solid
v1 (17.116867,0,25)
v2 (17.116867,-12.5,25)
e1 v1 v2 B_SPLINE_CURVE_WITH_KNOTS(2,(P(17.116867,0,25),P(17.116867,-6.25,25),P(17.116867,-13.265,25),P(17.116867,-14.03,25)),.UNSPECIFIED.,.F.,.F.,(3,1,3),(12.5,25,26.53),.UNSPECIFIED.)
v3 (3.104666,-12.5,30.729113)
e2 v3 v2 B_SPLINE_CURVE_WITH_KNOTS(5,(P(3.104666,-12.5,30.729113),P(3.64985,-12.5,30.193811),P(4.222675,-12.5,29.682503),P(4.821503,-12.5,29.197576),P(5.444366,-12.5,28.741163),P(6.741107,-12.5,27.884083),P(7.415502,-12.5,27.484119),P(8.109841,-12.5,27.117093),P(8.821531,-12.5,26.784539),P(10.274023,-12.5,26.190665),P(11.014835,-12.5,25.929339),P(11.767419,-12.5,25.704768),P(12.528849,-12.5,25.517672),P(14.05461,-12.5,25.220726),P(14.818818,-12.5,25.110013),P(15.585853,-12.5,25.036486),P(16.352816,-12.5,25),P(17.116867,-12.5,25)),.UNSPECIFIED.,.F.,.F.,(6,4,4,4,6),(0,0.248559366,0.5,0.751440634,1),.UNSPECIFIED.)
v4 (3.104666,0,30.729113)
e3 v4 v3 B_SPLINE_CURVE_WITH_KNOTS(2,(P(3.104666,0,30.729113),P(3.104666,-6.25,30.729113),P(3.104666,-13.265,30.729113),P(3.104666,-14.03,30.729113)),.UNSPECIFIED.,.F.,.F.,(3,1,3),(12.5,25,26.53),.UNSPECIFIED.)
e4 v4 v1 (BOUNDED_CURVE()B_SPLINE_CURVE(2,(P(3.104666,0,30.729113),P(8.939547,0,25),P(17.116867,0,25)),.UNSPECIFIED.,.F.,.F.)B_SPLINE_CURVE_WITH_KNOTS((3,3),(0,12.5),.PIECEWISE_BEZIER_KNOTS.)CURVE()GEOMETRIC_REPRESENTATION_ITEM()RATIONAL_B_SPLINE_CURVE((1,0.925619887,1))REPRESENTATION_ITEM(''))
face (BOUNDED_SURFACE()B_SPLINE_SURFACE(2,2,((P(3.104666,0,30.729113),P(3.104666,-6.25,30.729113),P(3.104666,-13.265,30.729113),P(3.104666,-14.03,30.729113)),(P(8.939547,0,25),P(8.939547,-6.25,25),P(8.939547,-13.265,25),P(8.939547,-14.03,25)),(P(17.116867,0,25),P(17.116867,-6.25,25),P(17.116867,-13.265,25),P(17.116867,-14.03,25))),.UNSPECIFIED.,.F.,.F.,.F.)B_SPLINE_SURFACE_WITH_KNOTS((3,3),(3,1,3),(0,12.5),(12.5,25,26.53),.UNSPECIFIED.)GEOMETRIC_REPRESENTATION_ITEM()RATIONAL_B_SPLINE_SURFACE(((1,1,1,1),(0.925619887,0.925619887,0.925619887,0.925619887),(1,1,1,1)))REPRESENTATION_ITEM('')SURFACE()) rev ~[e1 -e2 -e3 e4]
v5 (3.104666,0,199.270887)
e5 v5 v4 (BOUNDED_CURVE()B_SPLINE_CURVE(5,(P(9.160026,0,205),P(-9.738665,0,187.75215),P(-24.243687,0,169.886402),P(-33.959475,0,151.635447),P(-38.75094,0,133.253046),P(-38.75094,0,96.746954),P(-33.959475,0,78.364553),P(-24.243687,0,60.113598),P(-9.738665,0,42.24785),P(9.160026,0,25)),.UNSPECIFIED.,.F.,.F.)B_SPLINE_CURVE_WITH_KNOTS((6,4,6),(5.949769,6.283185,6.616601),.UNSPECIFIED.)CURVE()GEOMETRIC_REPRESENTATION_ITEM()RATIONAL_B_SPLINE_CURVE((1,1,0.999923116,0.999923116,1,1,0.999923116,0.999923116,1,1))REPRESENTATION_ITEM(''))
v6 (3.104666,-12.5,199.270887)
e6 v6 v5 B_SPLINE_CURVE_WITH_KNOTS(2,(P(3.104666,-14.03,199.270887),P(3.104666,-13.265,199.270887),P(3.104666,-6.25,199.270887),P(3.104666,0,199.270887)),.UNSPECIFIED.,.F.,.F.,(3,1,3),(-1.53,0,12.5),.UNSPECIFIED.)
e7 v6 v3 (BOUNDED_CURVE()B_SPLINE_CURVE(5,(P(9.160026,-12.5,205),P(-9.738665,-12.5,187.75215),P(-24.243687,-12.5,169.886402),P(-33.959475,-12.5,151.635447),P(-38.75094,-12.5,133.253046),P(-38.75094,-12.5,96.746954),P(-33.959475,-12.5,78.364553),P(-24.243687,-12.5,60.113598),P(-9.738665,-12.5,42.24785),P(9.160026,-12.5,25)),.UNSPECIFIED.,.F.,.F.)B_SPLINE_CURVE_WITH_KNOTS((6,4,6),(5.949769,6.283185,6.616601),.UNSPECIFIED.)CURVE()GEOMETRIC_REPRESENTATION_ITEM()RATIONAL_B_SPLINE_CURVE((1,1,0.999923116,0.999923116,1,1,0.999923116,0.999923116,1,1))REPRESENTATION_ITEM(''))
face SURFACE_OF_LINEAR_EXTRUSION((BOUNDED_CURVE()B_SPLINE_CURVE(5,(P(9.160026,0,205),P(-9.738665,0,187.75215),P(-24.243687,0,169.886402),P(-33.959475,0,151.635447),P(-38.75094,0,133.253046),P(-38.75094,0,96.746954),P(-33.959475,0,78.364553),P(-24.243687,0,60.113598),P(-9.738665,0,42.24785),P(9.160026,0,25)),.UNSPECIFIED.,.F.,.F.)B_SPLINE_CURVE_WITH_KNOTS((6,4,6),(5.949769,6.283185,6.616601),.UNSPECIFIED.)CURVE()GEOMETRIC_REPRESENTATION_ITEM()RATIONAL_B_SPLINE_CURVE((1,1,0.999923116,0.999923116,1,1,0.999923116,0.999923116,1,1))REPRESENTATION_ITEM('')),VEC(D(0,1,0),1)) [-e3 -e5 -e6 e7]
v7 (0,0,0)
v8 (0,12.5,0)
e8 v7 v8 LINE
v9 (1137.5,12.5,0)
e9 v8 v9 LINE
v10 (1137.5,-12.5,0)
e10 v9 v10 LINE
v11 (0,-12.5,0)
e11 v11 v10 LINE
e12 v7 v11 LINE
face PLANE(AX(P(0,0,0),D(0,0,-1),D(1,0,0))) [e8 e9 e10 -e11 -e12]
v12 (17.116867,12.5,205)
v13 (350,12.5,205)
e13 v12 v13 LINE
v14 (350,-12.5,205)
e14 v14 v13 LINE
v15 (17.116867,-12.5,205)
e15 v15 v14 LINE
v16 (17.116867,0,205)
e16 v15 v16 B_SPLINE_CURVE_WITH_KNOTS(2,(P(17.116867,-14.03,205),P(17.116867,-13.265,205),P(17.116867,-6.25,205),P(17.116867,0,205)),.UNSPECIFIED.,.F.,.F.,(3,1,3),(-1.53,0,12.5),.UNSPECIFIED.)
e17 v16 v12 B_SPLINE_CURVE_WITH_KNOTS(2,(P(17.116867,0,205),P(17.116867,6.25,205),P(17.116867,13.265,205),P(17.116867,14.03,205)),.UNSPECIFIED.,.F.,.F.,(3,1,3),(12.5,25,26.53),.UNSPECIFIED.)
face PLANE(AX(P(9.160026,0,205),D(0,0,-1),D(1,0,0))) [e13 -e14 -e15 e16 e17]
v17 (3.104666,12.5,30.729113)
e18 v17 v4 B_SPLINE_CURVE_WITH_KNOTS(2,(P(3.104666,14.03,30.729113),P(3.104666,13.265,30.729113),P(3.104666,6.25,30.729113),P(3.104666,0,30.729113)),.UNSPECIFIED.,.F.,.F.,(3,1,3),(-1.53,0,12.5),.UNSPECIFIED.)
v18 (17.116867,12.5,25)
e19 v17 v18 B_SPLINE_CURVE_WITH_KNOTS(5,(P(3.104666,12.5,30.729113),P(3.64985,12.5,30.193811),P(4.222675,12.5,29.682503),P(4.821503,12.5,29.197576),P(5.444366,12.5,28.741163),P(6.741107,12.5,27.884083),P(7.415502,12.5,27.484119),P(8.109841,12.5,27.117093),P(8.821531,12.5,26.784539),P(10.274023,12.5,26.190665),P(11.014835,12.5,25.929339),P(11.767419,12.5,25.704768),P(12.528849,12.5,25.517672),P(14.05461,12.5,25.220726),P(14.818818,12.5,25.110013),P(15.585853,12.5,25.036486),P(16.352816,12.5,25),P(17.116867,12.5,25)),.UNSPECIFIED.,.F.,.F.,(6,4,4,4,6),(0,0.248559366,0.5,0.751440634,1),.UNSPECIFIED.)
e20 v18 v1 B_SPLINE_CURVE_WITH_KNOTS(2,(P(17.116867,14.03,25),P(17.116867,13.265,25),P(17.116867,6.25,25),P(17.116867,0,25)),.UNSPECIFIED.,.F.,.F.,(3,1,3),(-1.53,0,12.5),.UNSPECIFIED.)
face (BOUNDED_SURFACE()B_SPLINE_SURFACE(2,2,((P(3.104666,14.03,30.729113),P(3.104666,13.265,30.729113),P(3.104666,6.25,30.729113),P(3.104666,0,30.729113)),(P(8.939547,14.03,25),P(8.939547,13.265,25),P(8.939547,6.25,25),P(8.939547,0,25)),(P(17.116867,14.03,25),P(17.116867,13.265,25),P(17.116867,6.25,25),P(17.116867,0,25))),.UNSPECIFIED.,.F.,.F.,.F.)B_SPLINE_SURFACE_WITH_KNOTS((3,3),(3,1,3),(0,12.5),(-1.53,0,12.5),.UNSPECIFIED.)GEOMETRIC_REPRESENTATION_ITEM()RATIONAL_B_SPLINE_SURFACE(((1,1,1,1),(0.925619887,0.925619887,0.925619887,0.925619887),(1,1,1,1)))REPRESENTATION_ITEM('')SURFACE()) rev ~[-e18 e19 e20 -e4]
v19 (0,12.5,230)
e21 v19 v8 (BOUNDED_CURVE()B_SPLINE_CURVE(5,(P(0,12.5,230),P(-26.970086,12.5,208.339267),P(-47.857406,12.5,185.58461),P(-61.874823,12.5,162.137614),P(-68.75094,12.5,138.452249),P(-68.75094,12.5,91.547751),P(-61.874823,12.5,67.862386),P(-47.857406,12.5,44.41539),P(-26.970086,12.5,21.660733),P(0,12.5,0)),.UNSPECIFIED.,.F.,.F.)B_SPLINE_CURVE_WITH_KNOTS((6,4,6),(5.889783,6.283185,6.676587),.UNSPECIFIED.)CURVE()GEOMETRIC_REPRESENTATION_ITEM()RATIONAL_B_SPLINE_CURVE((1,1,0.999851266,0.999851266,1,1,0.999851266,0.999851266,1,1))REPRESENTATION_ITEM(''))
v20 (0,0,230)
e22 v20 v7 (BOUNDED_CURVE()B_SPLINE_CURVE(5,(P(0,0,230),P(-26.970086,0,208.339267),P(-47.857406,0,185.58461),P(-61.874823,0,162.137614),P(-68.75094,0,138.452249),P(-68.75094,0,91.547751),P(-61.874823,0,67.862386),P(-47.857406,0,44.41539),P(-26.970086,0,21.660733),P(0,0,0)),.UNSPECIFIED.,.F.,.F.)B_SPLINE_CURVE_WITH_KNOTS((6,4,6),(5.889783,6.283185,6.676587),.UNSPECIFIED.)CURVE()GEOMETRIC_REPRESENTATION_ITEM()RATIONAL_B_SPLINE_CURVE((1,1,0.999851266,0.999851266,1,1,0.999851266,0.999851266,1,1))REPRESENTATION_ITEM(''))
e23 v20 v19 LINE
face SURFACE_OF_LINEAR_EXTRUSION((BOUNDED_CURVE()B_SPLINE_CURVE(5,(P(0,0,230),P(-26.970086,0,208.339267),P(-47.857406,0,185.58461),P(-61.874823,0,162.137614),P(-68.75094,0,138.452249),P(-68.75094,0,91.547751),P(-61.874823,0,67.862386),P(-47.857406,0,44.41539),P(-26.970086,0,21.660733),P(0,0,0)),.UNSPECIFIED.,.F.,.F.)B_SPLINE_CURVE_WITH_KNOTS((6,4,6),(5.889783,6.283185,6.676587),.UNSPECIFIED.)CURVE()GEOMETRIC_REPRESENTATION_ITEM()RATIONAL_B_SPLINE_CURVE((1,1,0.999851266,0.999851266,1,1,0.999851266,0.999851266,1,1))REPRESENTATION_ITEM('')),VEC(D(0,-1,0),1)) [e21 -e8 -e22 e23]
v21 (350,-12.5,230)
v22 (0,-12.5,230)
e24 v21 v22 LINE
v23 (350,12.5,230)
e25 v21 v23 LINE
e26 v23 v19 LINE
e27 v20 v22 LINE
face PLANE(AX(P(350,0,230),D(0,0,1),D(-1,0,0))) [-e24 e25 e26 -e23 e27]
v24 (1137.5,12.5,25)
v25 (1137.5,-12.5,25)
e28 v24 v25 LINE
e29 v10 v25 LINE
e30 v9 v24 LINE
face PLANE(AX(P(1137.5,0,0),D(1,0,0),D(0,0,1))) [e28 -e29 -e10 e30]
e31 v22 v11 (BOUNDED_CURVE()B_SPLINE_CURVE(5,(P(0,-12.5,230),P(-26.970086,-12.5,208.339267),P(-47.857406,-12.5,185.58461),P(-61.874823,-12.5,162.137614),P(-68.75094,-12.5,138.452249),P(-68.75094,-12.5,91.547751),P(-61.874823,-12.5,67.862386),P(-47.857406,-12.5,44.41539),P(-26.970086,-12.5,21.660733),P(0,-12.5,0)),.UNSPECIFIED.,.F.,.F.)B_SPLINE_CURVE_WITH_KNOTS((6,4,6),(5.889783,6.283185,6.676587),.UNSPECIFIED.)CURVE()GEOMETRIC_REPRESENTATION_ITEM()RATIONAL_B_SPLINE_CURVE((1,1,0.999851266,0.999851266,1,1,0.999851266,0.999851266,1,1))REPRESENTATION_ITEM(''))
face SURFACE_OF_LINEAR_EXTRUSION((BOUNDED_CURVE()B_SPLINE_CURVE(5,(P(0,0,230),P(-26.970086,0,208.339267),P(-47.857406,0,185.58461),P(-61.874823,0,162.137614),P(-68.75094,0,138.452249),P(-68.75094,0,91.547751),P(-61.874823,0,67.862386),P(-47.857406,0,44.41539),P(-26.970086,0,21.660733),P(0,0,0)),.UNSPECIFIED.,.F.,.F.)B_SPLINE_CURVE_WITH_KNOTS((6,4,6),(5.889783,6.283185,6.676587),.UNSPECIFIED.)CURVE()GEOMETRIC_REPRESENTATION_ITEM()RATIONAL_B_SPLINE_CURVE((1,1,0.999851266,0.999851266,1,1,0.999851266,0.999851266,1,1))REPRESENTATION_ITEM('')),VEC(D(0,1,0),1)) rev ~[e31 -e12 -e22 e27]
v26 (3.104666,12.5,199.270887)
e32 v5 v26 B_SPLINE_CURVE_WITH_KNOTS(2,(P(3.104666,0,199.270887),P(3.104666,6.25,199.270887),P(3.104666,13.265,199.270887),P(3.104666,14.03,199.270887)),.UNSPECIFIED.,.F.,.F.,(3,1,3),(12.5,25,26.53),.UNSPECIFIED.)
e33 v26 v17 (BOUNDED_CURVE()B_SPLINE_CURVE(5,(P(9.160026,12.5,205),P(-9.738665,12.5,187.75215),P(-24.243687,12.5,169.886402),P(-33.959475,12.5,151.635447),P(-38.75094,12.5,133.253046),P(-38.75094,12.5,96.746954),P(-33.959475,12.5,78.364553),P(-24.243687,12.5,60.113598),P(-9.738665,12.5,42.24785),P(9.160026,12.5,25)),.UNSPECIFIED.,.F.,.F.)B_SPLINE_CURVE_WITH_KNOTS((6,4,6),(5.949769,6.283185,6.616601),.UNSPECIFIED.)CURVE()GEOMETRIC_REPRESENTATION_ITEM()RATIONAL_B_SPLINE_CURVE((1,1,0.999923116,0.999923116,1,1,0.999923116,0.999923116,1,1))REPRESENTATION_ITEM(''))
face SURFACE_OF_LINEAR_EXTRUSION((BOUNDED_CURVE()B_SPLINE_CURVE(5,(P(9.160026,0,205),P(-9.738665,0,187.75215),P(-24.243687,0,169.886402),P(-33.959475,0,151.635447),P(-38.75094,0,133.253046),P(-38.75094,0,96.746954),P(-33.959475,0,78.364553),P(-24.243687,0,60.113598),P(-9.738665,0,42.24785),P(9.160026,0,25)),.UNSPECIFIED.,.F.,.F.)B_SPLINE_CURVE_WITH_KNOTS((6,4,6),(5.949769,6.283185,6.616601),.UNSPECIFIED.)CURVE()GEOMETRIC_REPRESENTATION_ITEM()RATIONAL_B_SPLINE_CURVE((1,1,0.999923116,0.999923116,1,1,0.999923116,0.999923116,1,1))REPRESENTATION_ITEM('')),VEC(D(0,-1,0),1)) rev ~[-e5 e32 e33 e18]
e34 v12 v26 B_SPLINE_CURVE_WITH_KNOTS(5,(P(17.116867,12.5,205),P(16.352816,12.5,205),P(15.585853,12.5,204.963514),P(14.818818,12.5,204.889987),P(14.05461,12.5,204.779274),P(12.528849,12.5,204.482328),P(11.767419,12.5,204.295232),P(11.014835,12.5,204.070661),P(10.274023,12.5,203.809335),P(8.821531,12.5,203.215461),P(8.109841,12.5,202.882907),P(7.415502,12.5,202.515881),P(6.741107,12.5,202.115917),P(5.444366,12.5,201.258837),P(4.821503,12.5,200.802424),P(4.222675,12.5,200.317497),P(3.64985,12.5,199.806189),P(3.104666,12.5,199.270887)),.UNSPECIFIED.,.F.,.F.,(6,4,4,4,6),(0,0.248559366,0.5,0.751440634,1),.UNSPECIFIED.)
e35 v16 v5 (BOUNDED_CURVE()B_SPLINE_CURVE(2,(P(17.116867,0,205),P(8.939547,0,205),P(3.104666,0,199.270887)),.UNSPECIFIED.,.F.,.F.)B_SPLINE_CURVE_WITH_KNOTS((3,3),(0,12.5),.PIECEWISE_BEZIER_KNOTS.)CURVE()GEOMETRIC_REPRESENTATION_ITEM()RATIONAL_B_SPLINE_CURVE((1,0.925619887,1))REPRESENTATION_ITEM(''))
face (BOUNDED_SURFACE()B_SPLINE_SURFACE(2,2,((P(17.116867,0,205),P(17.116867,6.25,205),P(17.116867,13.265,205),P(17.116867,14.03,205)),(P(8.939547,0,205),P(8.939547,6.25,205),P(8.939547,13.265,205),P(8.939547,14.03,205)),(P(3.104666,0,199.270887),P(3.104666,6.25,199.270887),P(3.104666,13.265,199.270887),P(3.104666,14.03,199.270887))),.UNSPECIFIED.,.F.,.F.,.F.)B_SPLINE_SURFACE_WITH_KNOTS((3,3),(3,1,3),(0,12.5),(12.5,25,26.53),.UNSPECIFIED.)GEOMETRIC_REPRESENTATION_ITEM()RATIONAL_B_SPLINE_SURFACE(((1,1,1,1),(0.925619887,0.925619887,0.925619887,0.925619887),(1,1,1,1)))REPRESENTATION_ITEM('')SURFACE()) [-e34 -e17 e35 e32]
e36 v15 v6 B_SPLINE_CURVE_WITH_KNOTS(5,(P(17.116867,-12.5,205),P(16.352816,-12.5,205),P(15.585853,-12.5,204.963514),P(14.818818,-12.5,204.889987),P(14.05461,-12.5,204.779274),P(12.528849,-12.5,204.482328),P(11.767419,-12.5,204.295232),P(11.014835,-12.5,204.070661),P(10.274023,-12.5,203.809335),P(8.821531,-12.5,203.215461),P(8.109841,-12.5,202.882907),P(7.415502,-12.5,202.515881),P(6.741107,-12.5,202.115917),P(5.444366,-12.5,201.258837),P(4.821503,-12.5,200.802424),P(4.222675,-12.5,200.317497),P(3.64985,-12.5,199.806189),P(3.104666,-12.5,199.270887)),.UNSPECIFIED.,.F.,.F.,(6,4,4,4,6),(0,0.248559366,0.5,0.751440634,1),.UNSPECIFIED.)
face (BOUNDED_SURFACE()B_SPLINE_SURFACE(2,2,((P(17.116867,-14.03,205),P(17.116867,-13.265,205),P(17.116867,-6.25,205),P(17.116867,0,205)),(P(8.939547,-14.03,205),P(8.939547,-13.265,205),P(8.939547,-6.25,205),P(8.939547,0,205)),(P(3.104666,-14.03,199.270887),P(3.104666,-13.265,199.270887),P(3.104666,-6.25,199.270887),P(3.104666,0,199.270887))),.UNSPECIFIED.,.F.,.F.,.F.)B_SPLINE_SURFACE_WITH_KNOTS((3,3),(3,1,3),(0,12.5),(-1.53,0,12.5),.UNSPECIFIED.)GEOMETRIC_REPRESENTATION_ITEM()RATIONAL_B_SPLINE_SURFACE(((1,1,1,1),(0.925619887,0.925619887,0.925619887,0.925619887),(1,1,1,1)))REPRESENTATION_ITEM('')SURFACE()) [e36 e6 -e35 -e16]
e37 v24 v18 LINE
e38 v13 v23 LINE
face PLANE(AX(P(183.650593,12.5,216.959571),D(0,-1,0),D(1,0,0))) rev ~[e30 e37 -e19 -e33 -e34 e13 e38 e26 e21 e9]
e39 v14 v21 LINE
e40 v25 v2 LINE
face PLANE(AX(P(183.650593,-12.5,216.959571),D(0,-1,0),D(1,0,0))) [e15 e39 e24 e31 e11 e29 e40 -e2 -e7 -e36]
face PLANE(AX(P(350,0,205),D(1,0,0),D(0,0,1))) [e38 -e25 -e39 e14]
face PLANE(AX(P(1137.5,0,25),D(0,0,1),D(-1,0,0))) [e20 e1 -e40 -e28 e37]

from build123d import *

# Parameters (mm, degrees)
F1_DEPTH = 12.5
F2_R     = 20


with BuildPart() as f1:
    # F0 (on Front) → F1 (new body, symmetric)
    with BuildSketch(Plane.XZ):
        with BuildLine():
            Line((350, 230), (40.97295, 230))
            add(Edge.make_bspline(
                [(40.97295, 230), (23.126675, 217.746632), (9.160026, 205)],
                knots=[5.851743, 5.851743, 5.851743, 5.949769, 5.949769, 5.949769], degree=2, weights=[1, 0.998799, 1]))
            Line((9.160026, 205), (350, 205))
            Line((350, 205), (350, 230))
        make_face()
        with BuildLine():
            add(Edge.make_bspline(
                [(-68.75094, 115), (-68.75094, 55.216574), (0, 0)],
                knots=[0, 0, 0, 0.393403, 0.393403, 0.393403], degree=2, weights=[1, 0.980717, 1]))
            Line((0, 0), (40.97295, 0))
            add(Edge.make_bspline(
                [(9.160026, 25), (23.126675, 12.253368), (40.97295, 0)],
                knots=[0.333416, 0.333416, 0.333416, 0.431443, 0.431443, 0.431443], degree=2, weights=[1, 0.998799, 1]))
            add(Edge.make_bspline(
                [(-38.75094, 115), (-38.75094, 68.725839), (9.160026, 25)],
                knots=[0, 0, 0, 0.333416, 0.333416, 0.333416], degree=2, weights=[1, 0.986136, 1]))
            add(Edge.make_bspline(
                [(9.160026, 205), (-38.75094, 161.274161), (-38.75094, 115)],
                knots=[5.949769, 5.949769, 5.949769, 6.283185, 6.283185, 6.283185], degree=2, weights=[1, 0.986136, 1]))
            add(Edge.make_bspline(
                [(40.97295, 230), (23.126675, 217.746632), (9.160026, 205)],
                knots=[5.851743, 5.851743, 5.851743, 5.949769, 5.949769, 5.949769], degree=2, weights=[1, 0.998799, 1]))
            Line((40.97295, 230), (0, 230))
            add(Edge.make_bspline(
                [(0, 230), (-68.75094, 174.783426), (-68.75094, 115)],
                knots=[5.889783, 5.889783, 5.889783, 6.283185, 6.283185, 6.283185], degree=2, weights=[1, 0.980717, 1]))
        make_face()
        with BuildLine():
            add(Edge.make_bspline(
                [(9.160026, 25), (23.126675, 12.253368), (40.97295, 0)],
                knots=[0.333416, 0.333416, 0.333416, 0.431443, 0.431443, 0.431443], degree=2, weights=[1, 0.998799, 1]))
            Line((40.97295, 0), (1137.5, 0))
            Line((1137.5, 0), (1137.5, 25))
            Line((1137.5, 25), (9.160026, 25))
        make_face()
    extrude(amount=F1_DEPTH, both=True)

    # F2
    f2_edges = [f1.edges().sort_by_distance(p)[0] for p in [
        (9.160026, -6.25, 25),
        (9.160026, 6.25, 205),
    ]]
    fillet(f2_edges, radius=F2_R)


solid = f1.part
